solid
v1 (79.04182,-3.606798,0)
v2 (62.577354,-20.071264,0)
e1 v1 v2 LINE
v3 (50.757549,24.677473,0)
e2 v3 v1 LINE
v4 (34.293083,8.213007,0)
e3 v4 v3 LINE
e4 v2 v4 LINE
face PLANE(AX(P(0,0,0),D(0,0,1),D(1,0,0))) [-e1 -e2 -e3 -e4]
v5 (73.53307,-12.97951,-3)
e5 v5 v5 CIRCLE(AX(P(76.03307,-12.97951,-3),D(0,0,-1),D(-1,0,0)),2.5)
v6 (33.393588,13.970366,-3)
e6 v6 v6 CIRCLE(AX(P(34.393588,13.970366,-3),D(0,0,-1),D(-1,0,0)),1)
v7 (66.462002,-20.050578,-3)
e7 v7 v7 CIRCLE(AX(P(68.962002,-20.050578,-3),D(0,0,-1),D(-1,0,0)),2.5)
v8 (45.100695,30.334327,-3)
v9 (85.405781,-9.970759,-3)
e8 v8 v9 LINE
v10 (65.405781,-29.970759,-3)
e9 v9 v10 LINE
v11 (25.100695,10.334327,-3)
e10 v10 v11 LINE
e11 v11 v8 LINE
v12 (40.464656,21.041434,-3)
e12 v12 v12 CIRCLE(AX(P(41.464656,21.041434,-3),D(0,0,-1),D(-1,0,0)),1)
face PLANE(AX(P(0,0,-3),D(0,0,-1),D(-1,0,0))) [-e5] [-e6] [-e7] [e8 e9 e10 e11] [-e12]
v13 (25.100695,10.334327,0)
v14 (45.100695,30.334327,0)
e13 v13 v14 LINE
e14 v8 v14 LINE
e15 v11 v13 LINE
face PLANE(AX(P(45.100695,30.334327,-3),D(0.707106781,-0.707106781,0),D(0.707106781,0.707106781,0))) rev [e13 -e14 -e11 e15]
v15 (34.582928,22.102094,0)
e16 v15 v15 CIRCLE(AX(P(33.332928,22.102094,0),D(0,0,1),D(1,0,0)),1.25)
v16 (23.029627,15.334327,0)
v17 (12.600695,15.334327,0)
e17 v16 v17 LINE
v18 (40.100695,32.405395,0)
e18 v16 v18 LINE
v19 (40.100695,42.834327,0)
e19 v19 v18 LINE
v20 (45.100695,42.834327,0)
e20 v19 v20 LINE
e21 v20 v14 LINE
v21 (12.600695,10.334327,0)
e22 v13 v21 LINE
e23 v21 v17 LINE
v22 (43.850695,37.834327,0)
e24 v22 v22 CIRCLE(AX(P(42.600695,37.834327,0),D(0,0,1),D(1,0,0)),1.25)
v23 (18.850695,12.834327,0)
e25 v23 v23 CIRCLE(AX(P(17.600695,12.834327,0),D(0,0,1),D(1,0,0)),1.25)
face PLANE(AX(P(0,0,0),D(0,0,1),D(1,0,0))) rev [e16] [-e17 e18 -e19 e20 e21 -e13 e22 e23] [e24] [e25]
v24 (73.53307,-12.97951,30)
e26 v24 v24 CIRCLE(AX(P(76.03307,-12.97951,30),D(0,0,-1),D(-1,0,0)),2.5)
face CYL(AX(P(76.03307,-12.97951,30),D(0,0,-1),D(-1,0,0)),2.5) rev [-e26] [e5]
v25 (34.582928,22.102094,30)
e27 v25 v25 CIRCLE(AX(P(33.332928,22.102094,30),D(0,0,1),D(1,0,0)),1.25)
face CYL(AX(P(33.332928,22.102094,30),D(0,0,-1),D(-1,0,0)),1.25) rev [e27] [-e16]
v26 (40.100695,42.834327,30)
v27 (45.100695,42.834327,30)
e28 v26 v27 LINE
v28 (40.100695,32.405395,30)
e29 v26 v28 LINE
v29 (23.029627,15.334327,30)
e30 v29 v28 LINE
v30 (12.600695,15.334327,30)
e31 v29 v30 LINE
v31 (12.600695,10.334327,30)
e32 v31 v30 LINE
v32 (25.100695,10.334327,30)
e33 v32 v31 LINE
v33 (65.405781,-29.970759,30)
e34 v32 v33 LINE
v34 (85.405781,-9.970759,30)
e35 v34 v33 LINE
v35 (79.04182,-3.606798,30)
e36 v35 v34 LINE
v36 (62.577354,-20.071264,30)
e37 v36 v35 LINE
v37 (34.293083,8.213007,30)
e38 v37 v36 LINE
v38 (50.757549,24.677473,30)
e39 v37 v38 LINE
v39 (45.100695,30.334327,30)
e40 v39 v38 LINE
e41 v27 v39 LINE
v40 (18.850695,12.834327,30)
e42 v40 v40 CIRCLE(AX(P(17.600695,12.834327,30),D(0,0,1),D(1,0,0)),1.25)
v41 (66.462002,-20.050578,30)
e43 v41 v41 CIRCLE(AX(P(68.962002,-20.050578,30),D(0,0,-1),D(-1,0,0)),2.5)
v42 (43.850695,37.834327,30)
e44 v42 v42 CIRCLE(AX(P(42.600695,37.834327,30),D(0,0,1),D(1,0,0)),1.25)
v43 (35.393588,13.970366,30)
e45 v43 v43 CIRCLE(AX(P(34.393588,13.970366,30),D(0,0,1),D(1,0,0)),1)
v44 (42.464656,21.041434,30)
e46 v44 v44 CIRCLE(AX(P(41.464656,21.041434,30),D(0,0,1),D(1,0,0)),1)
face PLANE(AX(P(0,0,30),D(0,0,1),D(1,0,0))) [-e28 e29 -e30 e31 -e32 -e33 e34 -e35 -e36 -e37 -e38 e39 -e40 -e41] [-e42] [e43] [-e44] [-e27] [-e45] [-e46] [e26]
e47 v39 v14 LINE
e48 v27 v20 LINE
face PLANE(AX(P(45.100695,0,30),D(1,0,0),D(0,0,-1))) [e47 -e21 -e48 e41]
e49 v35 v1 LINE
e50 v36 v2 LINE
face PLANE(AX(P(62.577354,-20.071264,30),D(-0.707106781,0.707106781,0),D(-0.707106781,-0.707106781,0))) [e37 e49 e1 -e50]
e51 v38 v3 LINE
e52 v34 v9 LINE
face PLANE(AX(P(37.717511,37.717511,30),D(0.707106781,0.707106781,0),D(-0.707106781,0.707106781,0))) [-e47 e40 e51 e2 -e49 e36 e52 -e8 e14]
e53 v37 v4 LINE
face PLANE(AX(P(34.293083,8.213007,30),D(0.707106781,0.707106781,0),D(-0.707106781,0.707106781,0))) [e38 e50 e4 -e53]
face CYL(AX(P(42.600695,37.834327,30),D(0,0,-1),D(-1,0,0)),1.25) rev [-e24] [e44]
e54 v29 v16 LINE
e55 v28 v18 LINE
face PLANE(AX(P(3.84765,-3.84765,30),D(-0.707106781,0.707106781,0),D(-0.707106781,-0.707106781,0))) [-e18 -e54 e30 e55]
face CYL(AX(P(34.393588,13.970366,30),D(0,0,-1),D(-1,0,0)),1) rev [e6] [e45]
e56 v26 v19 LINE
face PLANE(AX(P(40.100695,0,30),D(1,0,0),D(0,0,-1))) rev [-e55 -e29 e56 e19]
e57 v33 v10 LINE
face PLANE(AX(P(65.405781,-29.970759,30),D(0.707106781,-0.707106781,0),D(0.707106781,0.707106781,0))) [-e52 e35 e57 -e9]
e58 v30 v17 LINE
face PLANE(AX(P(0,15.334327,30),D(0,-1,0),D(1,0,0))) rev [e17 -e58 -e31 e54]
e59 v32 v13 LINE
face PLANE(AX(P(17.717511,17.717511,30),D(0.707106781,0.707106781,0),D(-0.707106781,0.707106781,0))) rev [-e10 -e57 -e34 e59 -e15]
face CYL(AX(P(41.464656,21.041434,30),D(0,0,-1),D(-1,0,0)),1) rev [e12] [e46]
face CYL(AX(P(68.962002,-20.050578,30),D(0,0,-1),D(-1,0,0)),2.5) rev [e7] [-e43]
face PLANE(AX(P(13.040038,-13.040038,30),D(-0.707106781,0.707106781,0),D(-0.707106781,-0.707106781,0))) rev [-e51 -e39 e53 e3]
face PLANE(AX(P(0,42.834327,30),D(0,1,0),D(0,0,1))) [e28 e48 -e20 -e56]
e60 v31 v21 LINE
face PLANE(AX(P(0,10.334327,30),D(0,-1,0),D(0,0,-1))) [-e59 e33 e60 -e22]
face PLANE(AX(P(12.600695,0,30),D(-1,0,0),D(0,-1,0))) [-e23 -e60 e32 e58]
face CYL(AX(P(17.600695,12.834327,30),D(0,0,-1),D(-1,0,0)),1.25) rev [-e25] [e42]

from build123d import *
from build123d.topology import SkipClean

# Parameters (mm, degrees)
MODEL_R             = 1
MODEL_R_2           = 1.25
BOSS_EXTRUDE1_DEPTH = 30
SKETCH3_R           = 2.5
BOSS_EXTRUDE2_DEPTH = 30
BOSS_EXTRUDE5_START = 3
SKETCH7_R           = 2.5
SKETCH7_R_2         = 1
BOSS_EXTRUDE5_DEPTH = 3
BOSS_EXTRUDE6_DEPTH = 3


with BuildPart() as part:
    # Model → Boss-Extrude1 (new body)
    # profile 1 of 2: a face of its own
    with BuildSketch(Plane.XY):
        Polygon((25.100694962, 10.3343272), (45.100694962, 30.3343272), (50.757549212, 24.67747295), (30.757549212, 4.67747295), align=None)
        with Locations((41.464655993, 21.041433981)):
            Circle(MODEL_R, mode=Mode.SUBTRACT)
        with Locations((34.393588181, 13.970366169)):
            Circle(MODEL_R, mode=Mode.SUBTRACT)
    # profile 2 of 2: a face of its own
    with BuildSketch(Plane.XY):
        Polygon((40.100694962, 42.8343272), (45.100694962, 42.8343272), (45.100694962, 30.3343272), (25.100694962, 10.3343272), (12.600694962, 10.3343272), (12.600694962, 15.3343272), (23.02962715, 15.3343272), (40.100694962, 32.405395011), align=None)
        with Locations((33.332928009, 22.102094153)):
            Circle(MODEL_R_2, mode=Mode.SUBTRACT)
        with Locations((42.600694962, 37.8343272)):
            Circle(MODEL_R_2, mode=Mode.SUBTRACT)
        with Locations((17.600694962, 12.8343272)):
            Circle(MODEL_R_2, mode=Mode.SUBTRACT)
    extrude(amount=BOSS_EXTRUDE1_DEPTH)

    # Sketch3 → Boss-Extrude2 (add)
    with BuildSketch(Plane(origin=(0, 0, 0), x_dir=(-1, 0, 0), z_dir=(0, 0, -1))):
        Polygon((-30.757549212, 4.67747295), (-59.041820459, -23.606798297), (-65.40578149, -29.970759328), (-85.40578149, -9.970759328), (-79.041820459, -3.606798297), (-62.577354365, -20.071264391), (-34.293083118, 8.213006856), align=None)
        with Locations((-76.033069792, -12.979509995)):
            Circle(SKETCH3_R, mode=Mode.SUBTRACT)
        with Locations((-68.96200198, -20.050577807)):
            Circle(SKETCH3_R, mode=Mode.SUBTRACT)
    extrude(amount=-BOSS_EXTRUDE2_DEPTH)

    # Sketch7 → Boss-Extrude5 (add)
    with SkipClean():  # the faces are left unmerged after this step: merging them gives an invalid solid
        with BuildSketch(Plane(origin=(0, 0, 0), x_dir=(-1, 0, 0), z_dir=(0, 0, -1)).offset(BOSS_EXTRUDE5_START)):
            Polygon((-45.100694962, 30.3343272), (-25.100694962, 10.3343272), (-65.40578149, -29.970759328), (-85.40578149, -9.970759328), (-79.041820459, -3.606798297), (-62.577354365, -20.071264391), (-34.293083118, 8.213006856), (-50.757549212, 24.67747295), align=None)
            with Locations((-68.96200198, -20.050577807)):
                Circle(SKETCH7_R, mode=Mode.SUBTRACT)
            with Locations((-76.033069792, -12.979509995)):
                Circle(SKETCH7_R, mode=Mode.SUBTRACT)
            with Locations((-34.393588181, 13.970366169)):
                Circle(SKETCH7_R_2, mode=Mode.SUBTRACT)
            with Locations((-41.464655993, 21.041433981)):
                Circle(SKETCH7_R_2, mode=Mode.SUBTRACT)
        extrude(amount=-BOSS_EXTRUDE5_DEPTH)

    # Sketch8 → Boss-Extrude6 (add)
    with SkipClean():  # the faces are left unmerged after this step: merging them gives an invalid solid
        with BuildSketch(Plane(origin=(0, 0, -3), x_dir=(-1, 0, 0), z_dir=(0, 0, -1))):
            Polygon((-50.757549212, 24.67747295), (-34.293083118, 8.213006856), (-62.577354365, -20.071264391), (-79.041820459, -3.606798297), align=None)
        extrude(amount=-BOSS_EXTRUDE6_DEPTH)


solid = part.part
